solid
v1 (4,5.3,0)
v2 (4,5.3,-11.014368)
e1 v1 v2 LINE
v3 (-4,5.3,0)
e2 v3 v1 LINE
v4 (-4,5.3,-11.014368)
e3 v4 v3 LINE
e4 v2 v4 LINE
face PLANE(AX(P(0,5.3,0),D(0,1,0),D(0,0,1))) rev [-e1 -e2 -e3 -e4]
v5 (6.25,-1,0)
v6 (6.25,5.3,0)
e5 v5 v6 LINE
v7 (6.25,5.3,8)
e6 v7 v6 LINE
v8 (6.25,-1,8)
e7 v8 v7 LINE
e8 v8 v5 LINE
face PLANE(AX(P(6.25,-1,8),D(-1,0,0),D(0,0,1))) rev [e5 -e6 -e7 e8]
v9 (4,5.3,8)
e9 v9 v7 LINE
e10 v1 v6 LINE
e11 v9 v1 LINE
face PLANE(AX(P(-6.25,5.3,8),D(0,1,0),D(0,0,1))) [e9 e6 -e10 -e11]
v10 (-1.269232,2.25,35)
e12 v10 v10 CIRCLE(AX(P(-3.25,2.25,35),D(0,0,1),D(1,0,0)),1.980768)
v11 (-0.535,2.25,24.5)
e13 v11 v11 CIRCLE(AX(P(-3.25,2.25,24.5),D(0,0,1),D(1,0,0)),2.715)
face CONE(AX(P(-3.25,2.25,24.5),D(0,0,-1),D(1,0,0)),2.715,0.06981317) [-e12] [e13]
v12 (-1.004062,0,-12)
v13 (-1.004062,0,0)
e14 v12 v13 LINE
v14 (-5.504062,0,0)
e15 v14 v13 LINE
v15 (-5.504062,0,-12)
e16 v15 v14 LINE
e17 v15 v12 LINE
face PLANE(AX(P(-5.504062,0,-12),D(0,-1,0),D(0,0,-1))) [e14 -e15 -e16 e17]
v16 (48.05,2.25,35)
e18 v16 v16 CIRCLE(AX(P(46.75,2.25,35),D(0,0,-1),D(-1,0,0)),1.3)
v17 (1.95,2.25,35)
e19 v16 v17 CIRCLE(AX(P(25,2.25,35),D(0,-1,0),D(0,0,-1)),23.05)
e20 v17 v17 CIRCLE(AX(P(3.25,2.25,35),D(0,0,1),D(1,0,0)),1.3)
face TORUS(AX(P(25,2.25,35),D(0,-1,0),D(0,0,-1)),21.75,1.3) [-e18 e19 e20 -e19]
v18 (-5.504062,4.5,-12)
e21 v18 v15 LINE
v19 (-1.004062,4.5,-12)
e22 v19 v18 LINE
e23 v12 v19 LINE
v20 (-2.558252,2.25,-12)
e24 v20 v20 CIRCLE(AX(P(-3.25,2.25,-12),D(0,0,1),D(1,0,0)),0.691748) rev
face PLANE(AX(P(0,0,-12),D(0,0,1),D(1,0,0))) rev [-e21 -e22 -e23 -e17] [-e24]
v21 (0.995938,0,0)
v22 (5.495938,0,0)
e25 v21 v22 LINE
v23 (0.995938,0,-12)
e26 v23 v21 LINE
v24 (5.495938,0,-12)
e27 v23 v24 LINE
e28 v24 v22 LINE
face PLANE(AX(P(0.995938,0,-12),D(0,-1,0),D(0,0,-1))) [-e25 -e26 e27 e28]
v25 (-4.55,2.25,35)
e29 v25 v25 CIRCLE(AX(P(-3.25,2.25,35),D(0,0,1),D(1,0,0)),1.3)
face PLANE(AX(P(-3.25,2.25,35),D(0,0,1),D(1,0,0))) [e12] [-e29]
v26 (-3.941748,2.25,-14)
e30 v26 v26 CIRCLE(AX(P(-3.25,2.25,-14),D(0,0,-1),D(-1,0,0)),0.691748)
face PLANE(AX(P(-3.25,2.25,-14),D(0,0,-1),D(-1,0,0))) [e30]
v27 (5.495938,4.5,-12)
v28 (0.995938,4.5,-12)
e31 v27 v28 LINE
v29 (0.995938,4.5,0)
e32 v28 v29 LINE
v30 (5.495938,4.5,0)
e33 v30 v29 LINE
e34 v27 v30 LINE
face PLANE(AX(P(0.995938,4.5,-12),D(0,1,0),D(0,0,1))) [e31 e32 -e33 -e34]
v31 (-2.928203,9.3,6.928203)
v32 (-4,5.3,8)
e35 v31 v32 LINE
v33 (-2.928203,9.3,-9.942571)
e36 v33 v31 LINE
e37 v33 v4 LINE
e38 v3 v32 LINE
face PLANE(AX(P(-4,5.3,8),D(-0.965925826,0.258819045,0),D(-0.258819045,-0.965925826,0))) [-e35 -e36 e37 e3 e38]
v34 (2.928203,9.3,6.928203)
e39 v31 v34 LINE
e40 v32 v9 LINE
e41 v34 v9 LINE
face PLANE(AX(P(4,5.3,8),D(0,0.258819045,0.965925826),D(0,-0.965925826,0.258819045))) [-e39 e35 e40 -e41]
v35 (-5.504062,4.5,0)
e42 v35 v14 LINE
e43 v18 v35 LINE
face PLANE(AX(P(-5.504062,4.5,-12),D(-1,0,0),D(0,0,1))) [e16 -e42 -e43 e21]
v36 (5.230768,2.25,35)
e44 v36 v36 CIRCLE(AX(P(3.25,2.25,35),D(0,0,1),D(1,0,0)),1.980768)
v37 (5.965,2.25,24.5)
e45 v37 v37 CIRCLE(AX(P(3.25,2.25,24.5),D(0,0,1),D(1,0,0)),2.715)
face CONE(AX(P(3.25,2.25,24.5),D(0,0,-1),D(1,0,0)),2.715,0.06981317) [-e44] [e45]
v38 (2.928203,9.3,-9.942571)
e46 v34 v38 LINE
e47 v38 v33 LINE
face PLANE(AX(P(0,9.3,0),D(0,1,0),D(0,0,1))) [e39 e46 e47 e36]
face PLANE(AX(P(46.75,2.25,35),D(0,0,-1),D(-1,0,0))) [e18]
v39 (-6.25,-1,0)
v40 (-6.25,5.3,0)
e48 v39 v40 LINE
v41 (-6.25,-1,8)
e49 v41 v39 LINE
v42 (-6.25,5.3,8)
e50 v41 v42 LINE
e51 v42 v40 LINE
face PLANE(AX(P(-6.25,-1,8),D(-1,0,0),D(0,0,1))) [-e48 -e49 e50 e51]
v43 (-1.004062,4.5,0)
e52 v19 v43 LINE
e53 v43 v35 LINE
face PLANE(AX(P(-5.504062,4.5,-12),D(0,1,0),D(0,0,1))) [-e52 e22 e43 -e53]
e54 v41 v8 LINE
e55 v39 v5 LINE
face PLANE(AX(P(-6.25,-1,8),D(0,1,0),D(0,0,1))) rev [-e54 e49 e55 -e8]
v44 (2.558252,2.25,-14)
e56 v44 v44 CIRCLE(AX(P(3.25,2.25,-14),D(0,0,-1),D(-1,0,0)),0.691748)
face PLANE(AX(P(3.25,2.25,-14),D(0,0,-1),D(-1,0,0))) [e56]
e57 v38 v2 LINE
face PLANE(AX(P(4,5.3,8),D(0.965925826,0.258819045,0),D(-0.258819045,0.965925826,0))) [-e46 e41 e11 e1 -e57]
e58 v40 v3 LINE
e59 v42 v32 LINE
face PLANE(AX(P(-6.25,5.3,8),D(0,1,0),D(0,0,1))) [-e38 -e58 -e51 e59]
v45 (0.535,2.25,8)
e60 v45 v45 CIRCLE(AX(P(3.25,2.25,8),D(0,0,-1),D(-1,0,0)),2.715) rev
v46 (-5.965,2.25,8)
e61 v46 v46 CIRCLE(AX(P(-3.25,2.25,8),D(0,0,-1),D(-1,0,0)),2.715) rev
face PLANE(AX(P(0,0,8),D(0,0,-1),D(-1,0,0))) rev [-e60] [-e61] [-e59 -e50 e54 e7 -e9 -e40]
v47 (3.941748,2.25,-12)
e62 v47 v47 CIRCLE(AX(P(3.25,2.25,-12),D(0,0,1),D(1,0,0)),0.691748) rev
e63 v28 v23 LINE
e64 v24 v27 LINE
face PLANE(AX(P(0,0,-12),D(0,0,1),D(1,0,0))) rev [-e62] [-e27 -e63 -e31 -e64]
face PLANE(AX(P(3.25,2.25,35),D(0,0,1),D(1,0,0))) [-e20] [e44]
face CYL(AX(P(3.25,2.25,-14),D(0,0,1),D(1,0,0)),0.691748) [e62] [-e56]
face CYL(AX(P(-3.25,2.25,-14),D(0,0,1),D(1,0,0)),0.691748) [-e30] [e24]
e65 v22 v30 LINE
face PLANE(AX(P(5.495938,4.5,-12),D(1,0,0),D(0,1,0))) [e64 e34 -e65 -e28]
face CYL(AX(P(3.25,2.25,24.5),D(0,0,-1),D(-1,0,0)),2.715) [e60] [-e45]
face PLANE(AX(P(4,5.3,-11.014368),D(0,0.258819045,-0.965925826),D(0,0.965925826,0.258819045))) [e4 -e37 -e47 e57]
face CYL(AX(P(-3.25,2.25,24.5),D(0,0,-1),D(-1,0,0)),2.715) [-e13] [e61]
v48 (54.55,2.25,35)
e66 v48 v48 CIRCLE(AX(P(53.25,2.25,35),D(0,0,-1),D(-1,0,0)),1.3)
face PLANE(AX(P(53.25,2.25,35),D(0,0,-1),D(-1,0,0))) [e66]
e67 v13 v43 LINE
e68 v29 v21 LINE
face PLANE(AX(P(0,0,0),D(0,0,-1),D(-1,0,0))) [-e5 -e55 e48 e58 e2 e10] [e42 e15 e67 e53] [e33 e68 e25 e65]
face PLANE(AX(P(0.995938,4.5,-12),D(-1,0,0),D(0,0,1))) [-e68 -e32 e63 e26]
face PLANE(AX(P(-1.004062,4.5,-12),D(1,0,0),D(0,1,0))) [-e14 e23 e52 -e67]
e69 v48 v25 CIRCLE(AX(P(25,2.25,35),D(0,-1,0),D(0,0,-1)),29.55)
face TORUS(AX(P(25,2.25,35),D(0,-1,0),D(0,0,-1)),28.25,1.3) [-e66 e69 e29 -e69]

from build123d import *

# Parameters (mm, degrees)
SKETCH1_W             = 4.5
SKETCH1_H             = 4.5
BOSS_EXTRUDE1_DEPTH   = 12
BOSS_EXTRUDE1_2_DEPTH = 12
SKETCH2_R             = 0.691748062
BOSS_EXTRUDE2_DEPTH   = 2
SKETCH3_W             = 12.5
SKETCH3_H             = 6.3
BOSS_EXTRUDE3_DEPTH   = 8
SKETCH4_R             = 2.715
BOSS_EXTRUDE4_DEPTH   = 16.5
SKETCH5_R             = 2.715
BOSS_EXTRUDE5_DEPTH   = 10.5
BOSS_EXTRUDE5_TAPER   = 4
SKETCH8_W             = 8
SKETCH8_H             = 19.014368052
BOSS_EXTRUDE8_DEPTH   = 4
BOSS_EXTRUDE8_TAPER   = 15
PROFILE1_R            = 1.3


with BuildPart() as part:
    # Sketch1 → Boss-Extrude1 (new body)
    with BuildSketch(Plane.XY):
        with Locations((3.245938438, 2.25)):
            Rectangle(SKETCH1_W, SKETCH1_H)
    extrude(amount=-BOSS_EXTRUDE1_DEPTH)



with BuildPart() as body_2:
    # Sketch1 → Boss-Extrude1 2 (new body)
    with BuildSketch(Plane.XY):
        with Locations((-3.254061562, 2.25)):
            Rectangle(SKETCH1_W, SKETCH1_H)
    extrude(amount=-BOSS_EXTRUDE1_2_DEPTH)


with BuildPart() as part_1:
    add(part.part)

    add(body_2.part)  # Boss-Extrude2 merges body 2
    # Sketch2 → Boss-Extrude2 (add)
    with BuildSketch(Plane(origin=(0, 0, -12), x_dir=(-1, 0, 0), z_dir=(0, 0, -1))):
        with Locations((3.25, 2.25)):
            Circle(SKETCH2_R)
        with Locations((-3.25, 2.25)):
            Circle(SKETCH2_R)
    extrude(amount=BOSS_EXTRUDE2_DEPTH)

    # Sketch3 → Boss-Extrude3 (add)
    with BuildSketch(Plane.XY):
        with Locations((0, 2.15)):
            Rectangle(SKETCH3_W, SKETCH3_H)
    extrude(amount=BOSS_EXTRUDE3_DEPTH)

    # Sketch4 → Boss-Extrude4 (add)
    with BuildSketch(Plane.XY.offset(8)):
        with Locations((3.25, 2.25)):
            Circle(SKETCH4_R)
        with Locations((-3.25, 2.25)):
            Circle(SKETCH4_R)
    extrude(amount=BOSS_EXTRUDE4_DEPTH)

    # Sketch5 → Boss-Extrude5 (add)
    with BuildSketch(Plane.XY.offset(24.5)):
        with Locations((-3.25, 2.25)):
            Circle(SKETCH5_R)
        with Locations((3.25, 2.25)):
            Circle(SKETCH5_R)
    extrude(amount=BOSS_EXTRUDE5_DEPTH, taper=BOSS_EXTRUDE5_TAPER)

    # Sketch8 → Boss-Extrude8 (add)
    with BuildSketch(Plane(origin=(0, 5.3, 0), x_dir=(1, 0, 0), z_dir=(0, 1, 0))):
        with Locations((0, 1.507184026)):
            Rectangle(SKETCH8_W, SKETCH8_H)
    extrude(amount=BOSS_EXTRUDE8_DEPTH, taper=BOSS_EXTRUDE8_TAPER)

    # Sweep1: sweep along a path in path1
    with BuildLine(Plane.XZ.offset(-2.25)) as sweep1_path:
        ThreePointArc((0, 35), (25, 60), (50, 35))
    # profile1 → Sweep1 (sweep)
    with BuildSketch(Plane.XY.offset(35)):
        with Locations((-3.25, 2.25)):
            Circle(PROFILE1_R)
        with Locations((3.25, 2.25)):
            Circle(PROFILE1_R)
    sweep(path=sweep1_path.line)


solid = part_1.part
